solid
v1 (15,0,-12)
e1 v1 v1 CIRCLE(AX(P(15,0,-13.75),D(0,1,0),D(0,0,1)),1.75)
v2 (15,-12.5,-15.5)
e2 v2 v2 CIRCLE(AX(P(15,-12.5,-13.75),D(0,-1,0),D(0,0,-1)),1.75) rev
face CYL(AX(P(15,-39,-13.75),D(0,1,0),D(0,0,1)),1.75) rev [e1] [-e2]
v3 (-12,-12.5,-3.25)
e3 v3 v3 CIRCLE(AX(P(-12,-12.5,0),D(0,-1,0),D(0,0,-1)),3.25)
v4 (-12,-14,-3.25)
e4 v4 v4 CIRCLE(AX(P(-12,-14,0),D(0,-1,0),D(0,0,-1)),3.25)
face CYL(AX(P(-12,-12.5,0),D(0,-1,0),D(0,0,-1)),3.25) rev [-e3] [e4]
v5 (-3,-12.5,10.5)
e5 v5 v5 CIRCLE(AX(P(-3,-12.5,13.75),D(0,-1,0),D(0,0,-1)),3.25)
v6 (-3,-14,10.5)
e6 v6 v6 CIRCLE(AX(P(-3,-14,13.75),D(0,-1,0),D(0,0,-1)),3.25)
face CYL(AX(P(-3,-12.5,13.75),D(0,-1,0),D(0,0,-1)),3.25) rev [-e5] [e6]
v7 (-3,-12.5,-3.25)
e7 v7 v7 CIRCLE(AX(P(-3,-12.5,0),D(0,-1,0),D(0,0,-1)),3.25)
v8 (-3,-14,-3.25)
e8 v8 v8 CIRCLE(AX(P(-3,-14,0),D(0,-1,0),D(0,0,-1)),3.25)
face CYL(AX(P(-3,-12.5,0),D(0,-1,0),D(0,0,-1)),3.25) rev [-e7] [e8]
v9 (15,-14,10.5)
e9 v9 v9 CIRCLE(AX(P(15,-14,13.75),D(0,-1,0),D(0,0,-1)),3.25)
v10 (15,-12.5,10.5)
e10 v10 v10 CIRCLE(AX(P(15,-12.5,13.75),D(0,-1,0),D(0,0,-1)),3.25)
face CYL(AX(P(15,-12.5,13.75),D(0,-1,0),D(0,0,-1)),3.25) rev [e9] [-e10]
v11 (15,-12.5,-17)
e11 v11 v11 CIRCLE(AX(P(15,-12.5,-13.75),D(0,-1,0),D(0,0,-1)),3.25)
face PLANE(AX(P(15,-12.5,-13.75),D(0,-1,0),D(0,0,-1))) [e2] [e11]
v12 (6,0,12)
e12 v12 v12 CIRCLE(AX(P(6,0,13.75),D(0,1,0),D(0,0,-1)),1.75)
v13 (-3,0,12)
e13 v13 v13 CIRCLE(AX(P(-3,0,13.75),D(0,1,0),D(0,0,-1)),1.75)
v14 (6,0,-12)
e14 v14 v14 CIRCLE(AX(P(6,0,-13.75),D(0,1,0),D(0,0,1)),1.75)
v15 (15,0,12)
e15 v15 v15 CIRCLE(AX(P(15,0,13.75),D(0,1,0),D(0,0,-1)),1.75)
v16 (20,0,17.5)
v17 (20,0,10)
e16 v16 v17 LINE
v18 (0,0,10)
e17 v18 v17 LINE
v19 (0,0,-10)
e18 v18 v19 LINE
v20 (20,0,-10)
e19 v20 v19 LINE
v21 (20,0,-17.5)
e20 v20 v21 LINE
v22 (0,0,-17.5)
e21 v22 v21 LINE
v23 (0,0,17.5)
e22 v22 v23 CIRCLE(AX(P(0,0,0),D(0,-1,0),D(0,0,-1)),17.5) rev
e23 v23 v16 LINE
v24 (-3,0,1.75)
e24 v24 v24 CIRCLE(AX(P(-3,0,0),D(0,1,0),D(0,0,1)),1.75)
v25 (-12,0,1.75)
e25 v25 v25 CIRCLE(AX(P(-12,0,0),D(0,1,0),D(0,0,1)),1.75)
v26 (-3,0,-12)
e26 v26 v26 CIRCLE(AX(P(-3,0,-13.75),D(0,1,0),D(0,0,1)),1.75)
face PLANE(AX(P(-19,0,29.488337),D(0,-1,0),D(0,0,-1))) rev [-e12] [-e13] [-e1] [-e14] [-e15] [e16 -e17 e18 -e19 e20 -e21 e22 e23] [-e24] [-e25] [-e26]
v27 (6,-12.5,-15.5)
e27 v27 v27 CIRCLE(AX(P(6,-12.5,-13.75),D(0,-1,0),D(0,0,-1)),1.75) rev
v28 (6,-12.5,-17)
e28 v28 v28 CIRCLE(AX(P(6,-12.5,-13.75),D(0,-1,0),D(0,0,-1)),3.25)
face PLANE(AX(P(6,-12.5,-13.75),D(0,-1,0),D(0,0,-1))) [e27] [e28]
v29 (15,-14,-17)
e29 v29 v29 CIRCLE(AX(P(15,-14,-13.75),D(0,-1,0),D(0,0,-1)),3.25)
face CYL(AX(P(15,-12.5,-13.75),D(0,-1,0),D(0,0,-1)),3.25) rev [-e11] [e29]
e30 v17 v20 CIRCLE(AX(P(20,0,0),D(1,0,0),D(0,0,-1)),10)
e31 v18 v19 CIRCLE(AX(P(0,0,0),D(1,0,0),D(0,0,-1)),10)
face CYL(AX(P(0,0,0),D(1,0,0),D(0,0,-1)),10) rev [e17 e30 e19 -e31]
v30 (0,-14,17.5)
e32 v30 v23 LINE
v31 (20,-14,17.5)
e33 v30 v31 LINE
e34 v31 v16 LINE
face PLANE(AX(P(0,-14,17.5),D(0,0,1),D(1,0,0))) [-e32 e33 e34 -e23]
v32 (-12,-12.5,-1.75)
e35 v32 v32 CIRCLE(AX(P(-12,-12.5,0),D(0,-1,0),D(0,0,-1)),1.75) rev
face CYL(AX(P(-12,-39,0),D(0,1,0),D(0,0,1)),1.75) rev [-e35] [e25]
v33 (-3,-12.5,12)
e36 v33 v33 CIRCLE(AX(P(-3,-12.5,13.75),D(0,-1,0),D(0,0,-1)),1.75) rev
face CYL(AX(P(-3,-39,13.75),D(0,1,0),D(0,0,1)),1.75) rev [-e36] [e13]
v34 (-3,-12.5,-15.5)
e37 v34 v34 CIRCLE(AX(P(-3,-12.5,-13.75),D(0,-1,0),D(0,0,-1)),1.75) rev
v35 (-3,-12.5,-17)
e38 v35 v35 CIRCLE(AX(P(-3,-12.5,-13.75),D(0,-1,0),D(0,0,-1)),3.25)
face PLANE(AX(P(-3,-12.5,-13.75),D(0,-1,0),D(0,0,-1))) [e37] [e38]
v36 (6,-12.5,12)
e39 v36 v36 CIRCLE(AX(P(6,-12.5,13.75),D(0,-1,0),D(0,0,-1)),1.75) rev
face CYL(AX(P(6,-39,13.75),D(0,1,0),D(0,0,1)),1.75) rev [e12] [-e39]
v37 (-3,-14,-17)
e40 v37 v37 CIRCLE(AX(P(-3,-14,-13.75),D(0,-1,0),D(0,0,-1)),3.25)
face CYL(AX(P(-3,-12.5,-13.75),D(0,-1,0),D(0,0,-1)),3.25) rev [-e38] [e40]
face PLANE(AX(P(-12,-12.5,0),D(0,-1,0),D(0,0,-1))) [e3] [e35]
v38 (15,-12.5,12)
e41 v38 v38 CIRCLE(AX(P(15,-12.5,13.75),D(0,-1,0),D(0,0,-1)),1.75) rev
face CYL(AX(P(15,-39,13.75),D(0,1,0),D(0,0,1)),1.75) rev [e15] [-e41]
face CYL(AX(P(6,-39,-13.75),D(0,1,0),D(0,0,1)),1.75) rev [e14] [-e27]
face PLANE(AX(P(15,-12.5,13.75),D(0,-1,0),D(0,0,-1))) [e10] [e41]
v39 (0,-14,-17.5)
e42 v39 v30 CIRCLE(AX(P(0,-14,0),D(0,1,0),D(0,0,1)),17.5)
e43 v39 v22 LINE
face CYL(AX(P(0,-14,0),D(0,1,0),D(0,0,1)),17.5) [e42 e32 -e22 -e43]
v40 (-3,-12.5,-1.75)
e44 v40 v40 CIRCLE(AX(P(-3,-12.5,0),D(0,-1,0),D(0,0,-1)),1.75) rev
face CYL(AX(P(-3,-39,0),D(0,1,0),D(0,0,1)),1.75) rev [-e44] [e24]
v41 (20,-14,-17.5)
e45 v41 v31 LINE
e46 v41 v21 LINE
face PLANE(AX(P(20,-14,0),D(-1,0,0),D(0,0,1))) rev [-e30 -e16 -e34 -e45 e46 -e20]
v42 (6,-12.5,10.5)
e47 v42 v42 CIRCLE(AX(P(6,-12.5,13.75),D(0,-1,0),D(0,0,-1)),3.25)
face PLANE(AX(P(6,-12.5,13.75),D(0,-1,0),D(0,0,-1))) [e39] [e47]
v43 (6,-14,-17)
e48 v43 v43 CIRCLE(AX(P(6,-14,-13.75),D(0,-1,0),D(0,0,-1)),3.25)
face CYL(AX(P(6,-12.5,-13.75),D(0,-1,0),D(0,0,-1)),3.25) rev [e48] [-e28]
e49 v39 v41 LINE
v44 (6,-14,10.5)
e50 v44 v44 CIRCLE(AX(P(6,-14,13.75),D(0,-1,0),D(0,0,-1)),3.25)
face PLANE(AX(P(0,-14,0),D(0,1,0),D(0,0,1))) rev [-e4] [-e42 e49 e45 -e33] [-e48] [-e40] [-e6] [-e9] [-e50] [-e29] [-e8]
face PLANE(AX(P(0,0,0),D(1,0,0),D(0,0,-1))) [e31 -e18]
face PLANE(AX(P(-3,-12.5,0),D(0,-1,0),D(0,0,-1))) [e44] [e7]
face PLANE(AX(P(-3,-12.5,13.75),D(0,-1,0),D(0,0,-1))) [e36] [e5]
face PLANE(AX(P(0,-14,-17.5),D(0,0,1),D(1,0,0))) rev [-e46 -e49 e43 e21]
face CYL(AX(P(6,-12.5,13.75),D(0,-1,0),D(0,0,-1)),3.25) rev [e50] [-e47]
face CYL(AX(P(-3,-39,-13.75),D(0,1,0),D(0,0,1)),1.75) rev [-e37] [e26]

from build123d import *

# Parameters (mm, degrees)
BOSS_EXTRUDE1_DEPTH      = 14
BOSS_EXTRUDE1_DEPTH_BACK = 14
SKETCH3_R                = 10
CUT_EXTRUDE1_DEPTH       = 20
CUT_EXTRUDE3_DEPTH       = 39
SKETCH5_R                = 1.75
CUT_EXTRUDE4_DEPTH       = 39
SKETCH6_R                = 3.25
CUT_EXTRUDE5_DEPTH       = 1.5


with BuildPart() as part:
    # Sketch1 → Boss-Extrude1 (new, two sides: drawn at the far end of the back side and taken through both)
    with BuildSketch(Plane(origin=(0, 0, 0), x_dir=(1, 0, 0), z_dir=(0, 1, 0)).offset(-BOSS_EXTRUDE1_DEPTH_BACK)):
        with BuildLine():
            Line((20, 17.5), (0, 17.5))
            ThreePointArc((0, 17.5), (-17.5, -1.3e-08), (2.7e-08, -17.5))
            Line((2.7e-08, -17.5), (20, -17.5))
            Line((20, -17.5), (20, 17.5))
        make_face()
    extrude(amount=BOSS_EXTRUDE1_DEPTH + BOSS_EXTRUDE1_DEPTH_BACK)

    # Sketch3 → Cut-Extrude1 (cut)
    with BuildSketch(Plane(origin=(20, 0, 0), x_dir=(0, 0, -1), z_dir=(1, 0, 0))):
        Circle(SKETCH3_R)
    extrude(amount=-CUT_EXTRUDE1_DEPTH, mode=Mode.SUBTRACT)

    # Sketch4 → Cut-Extrude3 (cut)
    with BuildSketch(Plane(origin=(20, 0, 0), x_dir=(0, 0, -1), z_dir=(1, 0, 0))):
        Polygon((-29.488337181, 0), (29.963955523, 0), (3.938373511, 60.173176489), align=None)
    extrude(amount=-CUT_EXTRUDE3_DEPTH, mode=Mode.SUBTRACT)

    # Sketch5 → Cut-Extrude4 (cut)
    with BuildSketch(Plane(origin=(0, 0, 0), x_dir=(1, 0, 0), z_dir=(0, 1, 0))):
        with Locations((15, 13.75)):
            Circle(SKETCH5_R)
        with Locations((6, 13.75)):
            Circle(SKETCH5_R)
        with Locations((-3, 13.75)):
            Circle(SKETCH5_R)
        with Locations((-3, 0)):
            Circle(SKETCH5_R)
        with Locations((-12, 0)):
            Circle(SKETCH5_R)
        with Locations((15, -13.75)):
            Circle(SKETCH5_R)
        with Locations((6, -13.75)):
            Circle(SKETCH5_R)
        with Locations((-3, -13.75)):
            Circle(SKETCH5_R)
    extrude(amount=-CUT_EXTRUDE4_DEPTH, mode=Mode.SUBTRACT)

    # Sketch6 → Cut-Extrude5 (cut)
    with BuildSketch(Plane.XZ.offset(14)):
        with Locations((-3, 13.75)):
            Circle(SKETCH6_R)
        with Locations((6, 13.75)):
            Circle(SKETCH6_R)
        with Locations((15, 13.75)):
            Circle(SKETCH6_R)
        with Locations((-12, 0)):
            Circle(SKETCH6_R)
        with Locations((-3, 0)):
            Circle(SKETCH6_R)
        with Locations((-3, -13.75)):
            Circle(SKETCH6_R)
        with Locations((6, -13.75)):
            Circle(SKETCH6_R)
        with Locations((15, -13.75)):
            Circle(SKETCH6_R)
    extrude(amount=-CUT_EXTRUDE5_DEPTH, mode=Mode.SUBTRACT)


solid = part.part
